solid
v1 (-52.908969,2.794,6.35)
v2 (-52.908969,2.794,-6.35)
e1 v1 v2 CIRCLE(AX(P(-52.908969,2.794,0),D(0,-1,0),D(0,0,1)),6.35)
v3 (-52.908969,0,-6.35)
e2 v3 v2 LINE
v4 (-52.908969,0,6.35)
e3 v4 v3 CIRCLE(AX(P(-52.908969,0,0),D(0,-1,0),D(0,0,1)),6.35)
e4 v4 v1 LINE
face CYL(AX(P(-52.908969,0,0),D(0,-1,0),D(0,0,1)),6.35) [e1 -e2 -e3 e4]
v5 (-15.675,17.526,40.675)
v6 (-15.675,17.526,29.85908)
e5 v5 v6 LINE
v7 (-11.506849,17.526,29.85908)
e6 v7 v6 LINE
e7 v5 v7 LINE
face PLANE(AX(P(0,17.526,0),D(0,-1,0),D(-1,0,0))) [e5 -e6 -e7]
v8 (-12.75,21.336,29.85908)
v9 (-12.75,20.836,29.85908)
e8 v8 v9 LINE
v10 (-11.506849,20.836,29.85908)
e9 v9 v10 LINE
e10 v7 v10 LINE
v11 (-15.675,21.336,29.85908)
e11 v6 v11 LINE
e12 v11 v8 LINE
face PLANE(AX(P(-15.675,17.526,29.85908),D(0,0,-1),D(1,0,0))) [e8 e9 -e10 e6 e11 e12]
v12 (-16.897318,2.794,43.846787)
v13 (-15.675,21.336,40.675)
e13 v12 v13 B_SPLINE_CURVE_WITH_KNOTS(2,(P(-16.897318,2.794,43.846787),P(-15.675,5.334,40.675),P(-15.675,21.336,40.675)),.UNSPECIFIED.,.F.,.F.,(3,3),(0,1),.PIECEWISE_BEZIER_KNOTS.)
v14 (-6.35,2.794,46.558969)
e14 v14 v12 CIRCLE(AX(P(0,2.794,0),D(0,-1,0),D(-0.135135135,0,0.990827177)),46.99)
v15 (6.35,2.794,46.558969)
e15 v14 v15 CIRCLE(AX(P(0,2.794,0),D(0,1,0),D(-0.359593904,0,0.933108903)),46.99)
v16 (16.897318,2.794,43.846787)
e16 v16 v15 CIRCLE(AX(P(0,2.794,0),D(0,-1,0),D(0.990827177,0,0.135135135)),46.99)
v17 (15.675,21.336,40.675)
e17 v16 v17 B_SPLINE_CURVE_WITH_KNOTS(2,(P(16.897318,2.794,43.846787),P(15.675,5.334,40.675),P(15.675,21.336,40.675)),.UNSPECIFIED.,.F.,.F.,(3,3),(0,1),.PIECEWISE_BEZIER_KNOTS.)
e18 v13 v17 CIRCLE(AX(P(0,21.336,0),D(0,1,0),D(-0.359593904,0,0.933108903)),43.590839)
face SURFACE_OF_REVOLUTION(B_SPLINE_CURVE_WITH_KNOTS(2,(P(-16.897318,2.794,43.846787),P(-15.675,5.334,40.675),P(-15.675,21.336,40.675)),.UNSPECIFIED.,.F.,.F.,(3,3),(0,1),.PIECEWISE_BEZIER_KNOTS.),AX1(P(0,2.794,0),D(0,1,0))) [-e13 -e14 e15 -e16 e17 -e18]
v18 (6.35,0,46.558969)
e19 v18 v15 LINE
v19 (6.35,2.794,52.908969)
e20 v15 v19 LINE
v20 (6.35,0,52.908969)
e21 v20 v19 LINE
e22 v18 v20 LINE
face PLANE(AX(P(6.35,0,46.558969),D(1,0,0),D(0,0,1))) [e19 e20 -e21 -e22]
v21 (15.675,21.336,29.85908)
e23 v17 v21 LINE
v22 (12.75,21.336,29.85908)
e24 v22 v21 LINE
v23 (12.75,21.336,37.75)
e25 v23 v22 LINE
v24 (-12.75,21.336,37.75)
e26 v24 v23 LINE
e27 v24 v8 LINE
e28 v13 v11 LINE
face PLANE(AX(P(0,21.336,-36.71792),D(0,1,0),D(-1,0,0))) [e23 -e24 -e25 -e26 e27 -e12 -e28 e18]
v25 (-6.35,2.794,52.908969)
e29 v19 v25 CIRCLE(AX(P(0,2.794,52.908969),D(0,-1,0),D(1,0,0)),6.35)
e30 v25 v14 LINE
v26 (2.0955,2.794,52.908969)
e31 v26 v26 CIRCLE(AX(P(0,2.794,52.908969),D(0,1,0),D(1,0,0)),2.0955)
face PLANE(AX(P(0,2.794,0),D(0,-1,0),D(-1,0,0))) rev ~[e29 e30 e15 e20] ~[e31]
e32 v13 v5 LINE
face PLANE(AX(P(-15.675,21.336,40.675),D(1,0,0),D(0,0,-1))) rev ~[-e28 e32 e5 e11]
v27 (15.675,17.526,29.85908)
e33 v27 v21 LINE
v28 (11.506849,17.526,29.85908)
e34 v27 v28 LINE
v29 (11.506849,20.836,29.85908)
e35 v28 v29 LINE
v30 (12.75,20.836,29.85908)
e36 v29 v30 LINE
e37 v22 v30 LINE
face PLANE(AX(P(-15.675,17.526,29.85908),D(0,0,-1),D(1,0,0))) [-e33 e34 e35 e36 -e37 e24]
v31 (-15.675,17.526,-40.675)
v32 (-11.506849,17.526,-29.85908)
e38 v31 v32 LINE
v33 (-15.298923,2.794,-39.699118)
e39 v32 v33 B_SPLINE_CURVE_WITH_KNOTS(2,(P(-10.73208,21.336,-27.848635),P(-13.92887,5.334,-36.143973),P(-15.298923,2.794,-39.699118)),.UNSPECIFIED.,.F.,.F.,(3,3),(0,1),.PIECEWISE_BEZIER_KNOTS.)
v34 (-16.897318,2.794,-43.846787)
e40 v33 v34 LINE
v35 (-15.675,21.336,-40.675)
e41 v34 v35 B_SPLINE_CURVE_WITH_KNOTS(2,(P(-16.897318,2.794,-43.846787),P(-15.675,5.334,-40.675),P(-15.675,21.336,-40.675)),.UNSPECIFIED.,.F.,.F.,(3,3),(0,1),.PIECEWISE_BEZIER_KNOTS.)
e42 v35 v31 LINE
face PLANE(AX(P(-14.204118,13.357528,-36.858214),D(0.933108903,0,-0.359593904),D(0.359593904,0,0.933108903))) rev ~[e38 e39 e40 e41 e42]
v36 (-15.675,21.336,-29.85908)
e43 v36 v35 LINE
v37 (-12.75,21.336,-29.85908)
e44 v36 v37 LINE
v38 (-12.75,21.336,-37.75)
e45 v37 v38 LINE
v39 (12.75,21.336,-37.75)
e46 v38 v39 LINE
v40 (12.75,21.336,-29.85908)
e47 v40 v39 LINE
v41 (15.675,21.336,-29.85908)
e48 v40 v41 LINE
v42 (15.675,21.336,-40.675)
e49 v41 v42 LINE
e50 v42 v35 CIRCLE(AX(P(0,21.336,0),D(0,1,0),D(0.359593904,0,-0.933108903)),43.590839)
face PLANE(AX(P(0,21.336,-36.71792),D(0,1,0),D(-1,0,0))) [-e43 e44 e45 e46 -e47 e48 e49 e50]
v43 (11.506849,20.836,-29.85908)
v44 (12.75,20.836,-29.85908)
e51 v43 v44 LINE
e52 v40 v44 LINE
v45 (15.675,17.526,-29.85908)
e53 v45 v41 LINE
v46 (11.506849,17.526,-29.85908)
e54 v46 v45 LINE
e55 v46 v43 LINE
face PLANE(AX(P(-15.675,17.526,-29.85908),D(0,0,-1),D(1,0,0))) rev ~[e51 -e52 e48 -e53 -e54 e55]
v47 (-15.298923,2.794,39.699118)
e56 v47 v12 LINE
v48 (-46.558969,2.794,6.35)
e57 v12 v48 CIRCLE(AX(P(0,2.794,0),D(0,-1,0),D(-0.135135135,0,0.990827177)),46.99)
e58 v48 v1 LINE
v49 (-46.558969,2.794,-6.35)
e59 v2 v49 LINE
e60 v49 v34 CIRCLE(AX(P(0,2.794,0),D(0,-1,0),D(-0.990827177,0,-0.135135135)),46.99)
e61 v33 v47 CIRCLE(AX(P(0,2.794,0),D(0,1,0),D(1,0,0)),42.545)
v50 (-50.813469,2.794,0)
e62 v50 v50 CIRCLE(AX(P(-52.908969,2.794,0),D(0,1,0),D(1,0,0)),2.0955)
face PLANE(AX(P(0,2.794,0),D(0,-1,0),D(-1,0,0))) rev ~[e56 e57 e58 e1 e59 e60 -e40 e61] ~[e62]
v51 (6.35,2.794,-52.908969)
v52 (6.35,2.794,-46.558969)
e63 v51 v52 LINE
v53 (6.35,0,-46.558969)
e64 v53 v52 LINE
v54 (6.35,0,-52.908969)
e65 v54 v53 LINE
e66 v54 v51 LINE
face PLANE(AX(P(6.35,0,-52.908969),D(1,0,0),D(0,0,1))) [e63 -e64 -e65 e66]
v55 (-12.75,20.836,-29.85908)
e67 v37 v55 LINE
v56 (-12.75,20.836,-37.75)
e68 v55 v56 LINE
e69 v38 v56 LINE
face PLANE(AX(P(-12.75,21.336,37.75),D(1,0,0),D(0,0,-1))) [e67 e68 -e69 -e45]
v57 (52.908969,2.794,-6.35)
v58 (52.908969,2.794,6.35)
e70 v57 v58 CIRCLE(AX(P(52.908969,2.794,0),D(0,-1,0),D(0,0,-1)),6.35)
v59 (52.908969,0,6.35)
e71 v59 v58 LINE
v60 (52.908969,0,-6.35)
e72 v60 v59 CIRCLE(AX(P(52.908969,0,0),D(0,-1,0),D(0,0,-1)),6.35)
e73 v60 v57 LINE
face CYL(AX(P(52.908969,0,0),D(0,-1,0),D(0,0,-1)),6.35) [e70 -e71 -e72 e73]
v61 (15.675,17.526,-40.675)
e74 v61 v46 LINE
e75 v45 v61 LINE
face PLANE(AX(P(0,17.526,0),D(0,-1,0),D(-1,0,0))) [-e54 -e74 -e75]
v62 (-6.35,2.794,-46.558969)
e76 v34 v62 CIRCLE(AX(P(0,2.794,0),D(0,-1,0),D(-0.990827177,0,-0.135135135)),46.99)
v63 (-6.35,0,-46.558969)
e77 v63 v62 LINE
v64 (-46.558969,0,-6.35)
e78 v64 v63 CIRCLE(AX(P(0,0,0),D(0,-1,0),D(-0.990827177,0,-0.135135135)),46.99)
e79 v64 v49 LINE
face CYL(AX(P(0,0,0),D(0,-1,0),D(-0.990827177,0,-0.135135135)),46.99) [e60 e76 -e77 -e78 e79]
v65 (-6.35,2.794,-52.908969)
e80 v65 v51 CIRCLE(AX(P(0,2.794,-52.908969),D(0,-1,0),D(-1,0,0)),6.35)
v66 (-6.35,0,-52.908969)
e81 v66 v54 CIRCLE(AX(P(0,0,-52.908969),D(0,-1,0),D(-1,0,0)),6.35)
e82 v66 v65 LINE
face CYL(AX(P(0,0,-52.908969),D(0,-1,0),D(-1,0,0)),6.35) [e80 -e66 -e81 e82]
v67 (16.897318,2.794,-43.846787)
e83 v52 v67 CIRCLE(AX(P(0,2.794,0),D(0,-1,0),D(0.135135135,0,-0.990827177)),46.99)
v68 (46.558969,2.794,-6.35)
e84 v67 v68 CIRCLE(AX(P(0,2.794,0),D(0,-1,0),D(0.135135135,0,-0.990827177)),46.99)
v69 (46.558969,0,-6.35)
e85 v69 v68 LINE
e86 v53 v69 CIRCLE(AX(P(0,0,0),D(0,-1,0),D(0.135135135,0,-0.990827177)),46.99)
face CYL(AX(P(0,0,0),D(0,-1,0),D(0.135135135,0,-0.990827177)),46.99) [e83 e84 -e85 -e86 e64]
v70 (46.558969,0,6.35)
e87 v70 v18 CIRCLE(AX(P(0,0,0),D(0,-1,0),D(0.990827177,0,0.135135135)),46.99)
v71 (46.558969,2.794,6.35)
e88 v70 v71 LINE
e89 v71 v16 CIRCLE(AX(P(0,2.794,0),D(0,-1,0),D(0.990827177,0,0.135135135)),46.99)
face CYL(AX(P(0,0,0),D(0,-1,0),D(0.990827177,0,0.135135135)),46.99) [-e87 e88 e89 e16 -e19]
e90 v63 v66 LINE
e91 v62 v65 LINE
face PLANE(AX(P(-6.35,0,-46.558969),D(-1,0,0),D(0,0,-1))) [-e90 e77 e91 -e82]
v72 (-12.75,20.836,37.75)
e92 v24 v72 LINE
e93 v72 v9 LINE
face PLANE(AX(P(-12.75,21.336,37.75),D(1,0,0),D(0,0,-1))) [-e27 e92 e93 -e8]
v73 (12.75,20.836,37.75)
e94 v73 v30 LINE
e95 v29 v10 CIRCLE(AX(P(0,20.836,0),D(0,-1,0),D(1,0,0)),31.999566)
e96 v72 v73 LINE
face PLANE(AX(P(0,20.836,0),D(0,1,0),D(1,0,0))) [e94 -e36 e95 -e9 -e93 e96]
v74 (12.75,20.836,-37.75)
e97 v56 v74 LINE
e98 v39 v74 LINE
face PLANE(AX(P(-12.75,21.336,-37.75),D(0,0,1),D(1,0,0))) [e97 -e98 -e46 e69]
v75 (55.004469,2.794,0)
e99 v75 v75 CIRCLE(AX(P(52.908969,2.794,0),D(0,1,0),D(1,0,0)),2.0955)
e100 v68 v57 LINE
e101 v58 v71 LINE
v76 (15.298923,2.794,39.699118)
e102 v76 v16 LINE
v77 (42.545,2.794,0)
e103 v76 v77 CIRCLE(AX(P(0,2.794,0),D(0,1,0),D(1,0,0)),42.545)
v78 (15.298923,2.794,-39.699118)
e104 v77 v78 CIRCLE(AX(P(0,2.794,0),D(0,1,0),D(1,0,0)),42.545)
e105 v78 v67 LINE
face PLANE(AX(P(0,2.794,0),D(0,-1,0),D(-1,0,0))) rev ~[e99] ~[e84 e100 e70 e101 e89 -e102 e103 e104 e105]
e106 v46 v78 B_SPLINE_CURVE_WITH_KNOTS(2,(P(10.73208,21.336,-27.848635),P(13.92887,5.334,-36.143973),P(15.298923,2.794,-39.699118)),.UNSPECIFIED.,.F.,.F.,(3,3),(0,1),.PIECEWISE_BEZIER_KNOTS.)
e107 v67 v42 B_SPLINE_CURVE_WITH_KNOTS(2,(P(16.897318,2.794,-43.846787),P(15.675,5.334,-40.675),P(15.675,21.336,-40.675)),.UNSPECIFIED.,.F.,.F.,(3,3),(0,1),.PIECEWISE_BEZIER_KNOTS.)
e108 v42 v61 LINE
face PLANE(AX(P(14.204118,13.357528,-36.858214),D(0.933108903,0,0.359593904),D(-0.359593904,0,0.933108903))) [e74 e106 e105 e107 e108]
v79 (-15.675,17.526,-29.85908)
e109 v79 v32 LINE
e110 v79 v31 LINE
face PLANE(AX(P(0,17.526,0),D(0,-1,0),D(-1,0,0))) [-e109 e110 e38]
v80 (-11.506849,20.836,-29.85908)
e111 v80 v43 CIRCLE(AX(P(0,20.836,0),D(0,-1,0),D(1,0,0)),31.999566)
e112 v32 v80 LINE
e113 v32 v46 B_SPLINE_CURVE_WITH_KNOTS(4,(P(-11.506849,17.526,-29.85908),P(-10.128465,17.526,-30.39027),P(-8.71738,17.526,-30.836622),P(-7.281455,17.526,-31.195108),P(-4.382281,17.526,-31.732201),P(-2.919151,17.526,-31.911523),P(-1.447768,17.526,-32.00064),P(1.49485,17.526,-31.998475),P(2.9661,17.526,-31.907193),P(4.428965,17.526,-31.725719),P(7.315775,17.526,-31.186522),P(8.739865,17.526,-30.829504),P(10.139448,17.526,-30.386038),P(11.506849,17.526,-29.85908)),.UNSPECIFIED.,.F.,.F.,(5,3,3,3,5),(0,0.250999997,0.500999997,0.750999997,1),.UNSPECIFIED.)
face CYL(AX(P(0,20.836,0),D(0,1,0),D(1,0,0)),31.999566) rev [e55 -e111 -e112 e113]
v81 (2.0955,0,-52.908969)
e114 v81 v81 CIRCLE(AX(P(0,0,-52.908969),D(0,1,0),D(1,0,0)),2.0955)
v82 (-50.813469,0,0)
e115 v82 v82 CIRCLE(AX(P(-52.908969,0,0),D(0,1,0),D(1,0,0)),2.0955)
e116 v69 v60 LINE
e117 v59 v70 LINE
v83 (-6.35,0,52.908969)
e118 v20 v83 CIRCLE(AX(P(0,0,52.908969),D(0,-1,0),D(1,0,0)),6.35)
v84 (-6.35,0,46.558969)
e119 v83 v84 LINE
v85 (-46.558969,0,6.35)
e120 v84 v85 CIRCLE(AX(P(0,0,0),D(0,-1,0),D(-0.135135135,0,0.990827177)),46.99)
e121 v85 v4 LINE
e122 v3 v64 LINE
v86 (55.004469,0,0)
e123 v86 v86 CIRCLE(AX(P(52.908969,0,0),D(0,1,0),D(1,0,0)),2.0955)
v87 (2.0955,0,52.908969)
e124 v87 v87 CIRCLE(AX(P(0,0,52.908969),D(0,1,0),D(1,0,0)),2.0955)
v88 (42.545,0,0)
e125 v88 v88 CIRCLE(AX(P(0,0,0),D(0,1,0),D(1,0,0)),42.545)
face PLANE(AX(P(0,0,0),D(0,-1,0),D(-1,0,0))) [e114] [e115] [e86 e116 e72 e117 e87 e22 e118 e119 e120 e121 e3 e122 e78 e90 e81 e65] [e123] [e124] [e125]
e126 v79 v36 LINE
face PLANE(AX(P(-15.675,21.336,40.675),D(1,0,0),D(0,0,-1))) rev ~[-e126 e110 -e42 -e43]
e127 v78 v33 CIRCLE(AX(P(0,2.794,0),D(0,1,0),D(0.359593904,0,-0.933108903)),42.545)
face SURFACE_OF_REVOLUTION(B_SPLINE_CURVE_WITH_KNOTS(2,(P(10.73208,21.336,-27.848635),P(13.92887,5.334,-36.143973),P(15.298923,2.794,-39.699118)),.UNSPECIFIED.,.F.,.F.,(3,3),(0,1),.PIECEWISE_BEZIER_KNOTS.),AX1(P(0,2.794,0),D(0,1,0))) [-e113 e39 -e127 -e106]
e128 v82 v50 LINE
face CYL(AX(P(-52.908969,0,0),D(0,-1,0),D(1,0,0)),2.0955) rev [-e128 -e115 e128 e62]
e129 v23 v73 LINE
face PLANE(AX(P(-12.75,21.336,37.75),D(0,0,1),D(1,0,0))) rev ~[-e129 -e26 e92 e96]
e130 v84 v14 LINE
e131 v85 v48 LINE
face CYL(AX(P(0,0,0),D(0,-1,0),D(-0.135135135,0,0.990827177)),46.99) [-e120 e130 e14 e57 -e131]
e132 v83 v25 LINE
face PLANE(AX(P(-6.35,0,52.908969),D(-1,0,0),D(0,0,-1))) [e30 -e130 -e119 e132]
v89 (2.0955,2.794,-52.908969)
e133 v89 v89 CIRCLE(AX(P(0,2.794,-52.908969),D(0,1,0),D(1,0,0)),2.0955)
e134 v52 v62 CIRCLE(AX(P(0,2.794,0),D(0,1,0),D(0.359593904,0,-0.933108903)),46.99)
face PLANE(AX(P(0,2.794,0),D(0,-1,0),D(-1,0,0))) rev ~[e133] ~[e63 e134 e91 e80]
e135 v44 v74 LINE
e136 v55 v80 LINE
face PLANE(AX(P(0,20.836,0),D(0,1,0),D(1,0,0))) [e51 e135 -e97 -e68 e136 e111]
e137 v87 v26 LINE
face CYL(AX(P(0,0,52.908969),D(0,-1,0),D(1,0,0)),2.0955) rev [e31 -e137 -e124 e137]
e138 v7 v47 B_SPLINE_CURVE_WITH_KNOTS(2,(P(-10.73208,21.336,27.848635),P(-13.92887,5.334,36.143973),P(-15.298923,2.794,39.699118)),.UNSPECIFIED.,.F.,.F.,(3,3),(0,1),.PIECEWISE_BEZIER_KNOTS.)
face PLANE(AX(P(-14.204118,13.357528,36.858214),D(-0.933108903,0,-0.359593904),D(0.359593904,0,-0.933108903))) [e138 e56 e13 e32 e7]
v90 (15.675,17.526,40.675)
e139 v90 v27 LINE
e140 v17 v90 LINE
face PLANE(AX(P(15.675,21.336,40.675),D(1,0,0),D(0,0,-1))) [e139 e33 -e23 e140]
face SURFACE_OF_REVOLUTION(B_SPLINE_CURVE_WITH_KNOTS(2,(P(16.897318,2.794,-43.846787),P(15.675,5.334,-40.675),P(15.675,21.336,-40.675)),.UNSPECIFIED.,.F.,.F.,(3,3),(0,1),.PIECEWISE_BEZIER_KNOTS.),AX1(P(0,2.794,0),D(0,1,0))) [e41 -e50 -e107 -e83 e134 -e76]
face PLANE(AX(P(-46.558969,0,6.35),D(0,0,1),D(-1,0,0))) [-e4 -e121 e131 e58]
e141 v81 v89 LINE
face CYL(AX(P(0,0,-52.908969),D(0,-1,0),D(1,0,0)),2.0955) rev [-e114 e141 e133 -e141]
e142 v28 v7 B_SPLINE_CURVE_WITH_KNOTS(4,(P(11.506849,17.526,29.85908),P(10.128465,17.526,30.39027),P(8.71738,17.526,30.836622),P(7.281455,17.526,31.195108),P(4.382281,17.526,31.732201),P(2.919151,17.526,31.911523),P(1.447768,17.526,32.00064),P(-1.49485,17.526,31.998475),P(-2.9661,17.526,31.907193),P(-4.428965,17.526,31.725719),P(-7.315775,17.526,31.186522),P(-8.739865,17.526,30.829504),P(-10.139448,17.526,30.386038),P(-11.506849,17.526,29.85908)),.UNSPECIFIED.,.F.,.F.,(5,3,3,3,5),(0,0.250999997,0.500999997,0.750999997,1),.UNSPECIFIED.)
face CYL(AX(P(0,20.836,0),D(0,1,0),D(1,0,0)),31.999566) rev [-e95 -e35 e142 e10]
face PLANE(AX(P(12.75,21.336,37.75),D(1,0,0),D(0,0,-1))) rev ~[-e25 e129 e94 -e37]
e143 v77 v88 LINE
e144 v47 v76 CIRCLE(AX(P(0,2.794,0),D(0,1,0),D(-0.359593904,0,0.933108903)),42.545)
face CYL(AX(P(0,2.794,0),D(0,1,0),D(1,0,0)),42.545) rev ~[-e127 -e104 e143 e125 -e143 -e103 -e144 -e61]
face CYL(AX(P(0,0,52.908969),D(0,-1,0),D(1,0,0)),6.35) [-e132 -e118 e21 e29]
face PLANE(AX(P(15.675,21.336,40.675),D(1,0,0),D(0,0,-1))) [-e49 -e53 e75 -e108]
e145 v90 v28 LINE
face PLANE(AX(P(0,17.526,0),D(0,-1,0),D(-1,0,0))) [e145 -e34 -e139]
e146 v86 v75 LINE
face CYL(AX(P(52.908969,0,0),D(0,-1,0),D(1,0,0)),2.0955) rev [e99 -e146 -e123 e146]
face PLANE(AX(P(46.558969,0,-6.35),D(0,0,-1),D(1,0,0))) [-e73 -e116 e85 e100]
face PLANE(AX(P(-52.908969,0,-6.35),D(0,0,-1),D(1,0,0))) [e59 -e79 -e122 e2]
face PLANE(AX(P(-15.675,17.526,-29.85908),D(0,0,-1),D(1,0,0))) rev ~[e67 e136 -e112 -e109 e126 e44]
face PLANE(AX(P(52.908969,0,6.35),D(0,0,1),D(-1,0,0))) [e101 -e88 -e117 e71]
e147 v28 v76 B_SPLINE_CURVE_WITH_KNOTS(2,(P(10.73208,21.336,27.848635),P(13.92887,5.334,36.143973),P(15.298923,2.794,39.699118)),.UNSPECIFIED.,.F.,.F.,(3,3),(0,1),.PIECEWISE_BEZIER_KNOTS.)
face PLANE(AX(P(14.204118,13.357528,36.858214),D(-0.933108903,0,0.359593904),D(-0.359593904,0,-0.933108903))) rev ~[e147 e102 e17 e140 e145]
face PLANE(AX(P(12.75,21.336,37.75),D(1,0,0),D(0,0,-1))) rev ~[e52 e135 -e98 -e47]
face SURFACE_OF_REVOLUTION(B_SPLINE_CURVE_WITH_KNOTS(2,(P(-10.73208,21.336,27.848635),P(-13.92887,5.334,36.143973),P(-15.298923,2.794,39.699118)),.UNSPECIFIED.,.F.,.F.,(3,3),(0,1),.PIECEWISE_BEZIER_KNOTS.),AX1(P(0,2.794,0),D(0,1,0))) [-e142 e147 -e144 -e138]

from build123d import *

# Parameters (mm, degrees)
SKETCH1_R           = 2.0955
BOSS_EXTRUDE1_DEPTH = 2.794
SKETCH2_R           = 42.545
CUT_EXTRUDE2_DEPTH  = 3.794
SKETCH4_W           = 31.35
SKETCH4_H           = 81.35
BOSS_EXTRUDE3_DEPTH = 3.81
CIRPATTERN1_COUNT   = 2
SKETCH5_W           = 25.5
SKETCH5_H           = 75.5
CUT_EXTRUDE3_DEPTH  = 0.5
CUT_EXTRUDE5_REACH  = 5.81
SKETCH24_W          = 31.35
SKETCH24_H          = 59.718160102
CUT_EXTRUDE6_START  = -3.31
SKETCH25_R          = 31.999566145
CUT_EXTRUDE6_DEPTH  = 3.31


with BuildPart() as part:
    # Sketch1 → Boss-Extrude1 (new body)
    with BuildSketch(Plane(origin=(0, 0, 0), x_dir=(1, 0, 0), z_dir=(0, 1, 0))):
        with BuildLine():
            Line((46.558969061, 6.35), (52.908969061, 6.35))
            ThreePointArc((52.908969061, 6.35), (59.258969061, 0), (52.908969061, -6.35))
            Line((52.908969061, -6.35), (46.558969061, -6.35))
            ThreePointArc((46.558969061, -6.35), (33.226947648, -33.226947648), (6.35, -46.558969061))
            Line((6.35, -46.558969061), (6.35, -52.908969061))
            ThreePointArc((6.35, -52.908969061), (0, -59.258969061), (-6.35, -52.908969061))
            Line((-6.35, -52.908969061), (-6.35, -46.558969061))
            ThreePointArc((-6.35, -46.558969061), (-33.226947648, -33.226947648), (-46.558969061, -6.35))
            Line((-46.558969061, -6.35), (-52.908969061, -6.35))
            ThreePointArc((-52.908969061, -6.35), (-59.258969061, 0), (-52.908969061, 6.35))
            Line((-52.908969061, 6.35), (-46.558969061, 6.35))
            ThreePointArc((-46.558969061, 6.35), (-33.226947648, 33.226947648), (-6.35, 46.558969061))
            Line((-6.35, 46.558969061), (-6.35, 52.908969061))
            ThreePointArc((-6.35, 52.908969061), (0, 59.258969061), (6.35, 52.908969061))
            Line((6.35, 52.908969061), (6.35, 46.558969061))
            ThreePointArc((6.35, 46.558969061), (33.226947648, 33.226947648), (46.558969061, 6.35))
        make_face()
        with Locations((52.908969061, 0)):
            Circle(SKETCH1_R, mode=Mode.SUBTRACT)
        with Locations((0, -52.908969061)):
            Circle(SKETCH1_R, mode=Mode.SUBTRACT)
        with Locations((-52.908969061, 0)):
            Circle(SKETCH1_R, mode=Mode.SUBTRACT)
        with Locations((0, 52.908969061)):
            Circle(SKETCH1_R, mode=Mode.SUBTRACT)
    extrude(amount=BOSS_EXTRUDE1_DEPTH)

    # Sketch2 → Cut-Extrude2 (cut, through all)
    with BuildSketch(Plane(origin=(0, 2.794, 0), x_dir=(1, 0, 0), z_dir=(0, 1, 0))):
        Circle(SKETCH2_R)
    extrude(amount=-CUT_EXTRUDE2_DEPTH, mode=Mode.SUBTRACT)



with BuildPart() as body_2:
    # Sketch4 → Boss-Extrude3 (new body)
    with BuildSketch(Plane(origin=(0, 21.336, 0), x_dir=(-1, 0, 0), z_dir=(0, -1, 0))):
        Rectangle(SKETCH4_W, SKETCH4_H)
    extrude(amount=BOSS_EXTRUDE3_DEPTH)


with BuildPart() as part_1:
    add(part.part)

    add(body_2.part)  # Sweep2 merges body 2
    # Sweep2: sweep along a path in Sketch22
    with BuildLine(Plane(origin=(0, 2.794, 0), x_dir=(1, 0, 0), z_dir=(0, 1, 0))) as sweep2_path:
        ThreePointArc((15.298922649, 39.699118262), (0, 42.545), (-15.298922649, 39.699118262))
    # Sketch6 → Sweep2 (sweep)
    with BuildSketch(Plane(origin=(0, 0, 0), x_dir=(0.359593904, 0, -0.933108903), z_dir=(0.933108903, 0, 0.359593904))):
        with BuildLine():
            Line((46.99, 2.794), (42.545, 2.794))
            add(Edge.make_bspline(
                [(42.545, 2.794), (38.735, 5.334), (29.845, 21.336)],
                knots=[0, 0, 0, 1, 1, 1], degree=2))
            Line((29.845, 21.336), (43.590839061, 21.336))
            add(Edge.make_bspline(
                [(43.590839061, 21.336), (43.590839061, 5.334), (46.99, 2.794)],
                knots=[0, 0, 0, 1, 1, 1], degree=2))
        make_face()
    sweep2 = sweep(path=sweep2_path.line)

    # CirPattern1: Sweep2 ×2 about axis
    cirpattern1_axis = Axis((0, 0, 0), (0, -1, 0))
    for i in range(1, CIRPATTERN1_COUNT):
        add(sweep2.rotate(cirpattern1_axis, i * 360 / CIRPATTERN1_COUNT))

    # Sketch5 → Cut-Extrude3 (cut)
    with BuildSketch(Plane(origin=(0, 21.336, 0), x_dir=(1, 0, 0), z_dir=(0, 1, 0))):
        Rectangle(SKETCH5_W, SKETCH5_H)
    extrude(amount=-CUT_EXTRUDE3_DEPTH, mode=Mode.SUBTRACT)

    # Sketch24 → Cut-Extrude5 (cut, up to next)
    with BuildSketch(Plane.XZ.offset(-17.526), mode=Mode.PRIVATE) as cut_extrude5_sk1:
        Rectangle(SKETCH24_W, SKETCH24_H)
    cut_extrude5_tool1 = extrude(cut_extrude5_sk1.sketch, amount=-CUT_EXTRUDE5_REACH, mode=Mode.PRIVATE) & part_1.part
    add(cut_extrude5_tool1.solids().sort_by_distance((0, 17.526, 0))[0], mode=Mode.SUBTRACT)

    # Sketch25 → Cut-Extrude6 (cut)
    with BuildSketch(Plane.XZ.offset(-17.526).offset(CUT_EXTRUDE6_START)):
        Circle(SKETCH25_R)
    extrude(amount=CUT_EXTRUDE6_DEPTH, mode=Mode.SUBTRACT)


solid = part_1.part
